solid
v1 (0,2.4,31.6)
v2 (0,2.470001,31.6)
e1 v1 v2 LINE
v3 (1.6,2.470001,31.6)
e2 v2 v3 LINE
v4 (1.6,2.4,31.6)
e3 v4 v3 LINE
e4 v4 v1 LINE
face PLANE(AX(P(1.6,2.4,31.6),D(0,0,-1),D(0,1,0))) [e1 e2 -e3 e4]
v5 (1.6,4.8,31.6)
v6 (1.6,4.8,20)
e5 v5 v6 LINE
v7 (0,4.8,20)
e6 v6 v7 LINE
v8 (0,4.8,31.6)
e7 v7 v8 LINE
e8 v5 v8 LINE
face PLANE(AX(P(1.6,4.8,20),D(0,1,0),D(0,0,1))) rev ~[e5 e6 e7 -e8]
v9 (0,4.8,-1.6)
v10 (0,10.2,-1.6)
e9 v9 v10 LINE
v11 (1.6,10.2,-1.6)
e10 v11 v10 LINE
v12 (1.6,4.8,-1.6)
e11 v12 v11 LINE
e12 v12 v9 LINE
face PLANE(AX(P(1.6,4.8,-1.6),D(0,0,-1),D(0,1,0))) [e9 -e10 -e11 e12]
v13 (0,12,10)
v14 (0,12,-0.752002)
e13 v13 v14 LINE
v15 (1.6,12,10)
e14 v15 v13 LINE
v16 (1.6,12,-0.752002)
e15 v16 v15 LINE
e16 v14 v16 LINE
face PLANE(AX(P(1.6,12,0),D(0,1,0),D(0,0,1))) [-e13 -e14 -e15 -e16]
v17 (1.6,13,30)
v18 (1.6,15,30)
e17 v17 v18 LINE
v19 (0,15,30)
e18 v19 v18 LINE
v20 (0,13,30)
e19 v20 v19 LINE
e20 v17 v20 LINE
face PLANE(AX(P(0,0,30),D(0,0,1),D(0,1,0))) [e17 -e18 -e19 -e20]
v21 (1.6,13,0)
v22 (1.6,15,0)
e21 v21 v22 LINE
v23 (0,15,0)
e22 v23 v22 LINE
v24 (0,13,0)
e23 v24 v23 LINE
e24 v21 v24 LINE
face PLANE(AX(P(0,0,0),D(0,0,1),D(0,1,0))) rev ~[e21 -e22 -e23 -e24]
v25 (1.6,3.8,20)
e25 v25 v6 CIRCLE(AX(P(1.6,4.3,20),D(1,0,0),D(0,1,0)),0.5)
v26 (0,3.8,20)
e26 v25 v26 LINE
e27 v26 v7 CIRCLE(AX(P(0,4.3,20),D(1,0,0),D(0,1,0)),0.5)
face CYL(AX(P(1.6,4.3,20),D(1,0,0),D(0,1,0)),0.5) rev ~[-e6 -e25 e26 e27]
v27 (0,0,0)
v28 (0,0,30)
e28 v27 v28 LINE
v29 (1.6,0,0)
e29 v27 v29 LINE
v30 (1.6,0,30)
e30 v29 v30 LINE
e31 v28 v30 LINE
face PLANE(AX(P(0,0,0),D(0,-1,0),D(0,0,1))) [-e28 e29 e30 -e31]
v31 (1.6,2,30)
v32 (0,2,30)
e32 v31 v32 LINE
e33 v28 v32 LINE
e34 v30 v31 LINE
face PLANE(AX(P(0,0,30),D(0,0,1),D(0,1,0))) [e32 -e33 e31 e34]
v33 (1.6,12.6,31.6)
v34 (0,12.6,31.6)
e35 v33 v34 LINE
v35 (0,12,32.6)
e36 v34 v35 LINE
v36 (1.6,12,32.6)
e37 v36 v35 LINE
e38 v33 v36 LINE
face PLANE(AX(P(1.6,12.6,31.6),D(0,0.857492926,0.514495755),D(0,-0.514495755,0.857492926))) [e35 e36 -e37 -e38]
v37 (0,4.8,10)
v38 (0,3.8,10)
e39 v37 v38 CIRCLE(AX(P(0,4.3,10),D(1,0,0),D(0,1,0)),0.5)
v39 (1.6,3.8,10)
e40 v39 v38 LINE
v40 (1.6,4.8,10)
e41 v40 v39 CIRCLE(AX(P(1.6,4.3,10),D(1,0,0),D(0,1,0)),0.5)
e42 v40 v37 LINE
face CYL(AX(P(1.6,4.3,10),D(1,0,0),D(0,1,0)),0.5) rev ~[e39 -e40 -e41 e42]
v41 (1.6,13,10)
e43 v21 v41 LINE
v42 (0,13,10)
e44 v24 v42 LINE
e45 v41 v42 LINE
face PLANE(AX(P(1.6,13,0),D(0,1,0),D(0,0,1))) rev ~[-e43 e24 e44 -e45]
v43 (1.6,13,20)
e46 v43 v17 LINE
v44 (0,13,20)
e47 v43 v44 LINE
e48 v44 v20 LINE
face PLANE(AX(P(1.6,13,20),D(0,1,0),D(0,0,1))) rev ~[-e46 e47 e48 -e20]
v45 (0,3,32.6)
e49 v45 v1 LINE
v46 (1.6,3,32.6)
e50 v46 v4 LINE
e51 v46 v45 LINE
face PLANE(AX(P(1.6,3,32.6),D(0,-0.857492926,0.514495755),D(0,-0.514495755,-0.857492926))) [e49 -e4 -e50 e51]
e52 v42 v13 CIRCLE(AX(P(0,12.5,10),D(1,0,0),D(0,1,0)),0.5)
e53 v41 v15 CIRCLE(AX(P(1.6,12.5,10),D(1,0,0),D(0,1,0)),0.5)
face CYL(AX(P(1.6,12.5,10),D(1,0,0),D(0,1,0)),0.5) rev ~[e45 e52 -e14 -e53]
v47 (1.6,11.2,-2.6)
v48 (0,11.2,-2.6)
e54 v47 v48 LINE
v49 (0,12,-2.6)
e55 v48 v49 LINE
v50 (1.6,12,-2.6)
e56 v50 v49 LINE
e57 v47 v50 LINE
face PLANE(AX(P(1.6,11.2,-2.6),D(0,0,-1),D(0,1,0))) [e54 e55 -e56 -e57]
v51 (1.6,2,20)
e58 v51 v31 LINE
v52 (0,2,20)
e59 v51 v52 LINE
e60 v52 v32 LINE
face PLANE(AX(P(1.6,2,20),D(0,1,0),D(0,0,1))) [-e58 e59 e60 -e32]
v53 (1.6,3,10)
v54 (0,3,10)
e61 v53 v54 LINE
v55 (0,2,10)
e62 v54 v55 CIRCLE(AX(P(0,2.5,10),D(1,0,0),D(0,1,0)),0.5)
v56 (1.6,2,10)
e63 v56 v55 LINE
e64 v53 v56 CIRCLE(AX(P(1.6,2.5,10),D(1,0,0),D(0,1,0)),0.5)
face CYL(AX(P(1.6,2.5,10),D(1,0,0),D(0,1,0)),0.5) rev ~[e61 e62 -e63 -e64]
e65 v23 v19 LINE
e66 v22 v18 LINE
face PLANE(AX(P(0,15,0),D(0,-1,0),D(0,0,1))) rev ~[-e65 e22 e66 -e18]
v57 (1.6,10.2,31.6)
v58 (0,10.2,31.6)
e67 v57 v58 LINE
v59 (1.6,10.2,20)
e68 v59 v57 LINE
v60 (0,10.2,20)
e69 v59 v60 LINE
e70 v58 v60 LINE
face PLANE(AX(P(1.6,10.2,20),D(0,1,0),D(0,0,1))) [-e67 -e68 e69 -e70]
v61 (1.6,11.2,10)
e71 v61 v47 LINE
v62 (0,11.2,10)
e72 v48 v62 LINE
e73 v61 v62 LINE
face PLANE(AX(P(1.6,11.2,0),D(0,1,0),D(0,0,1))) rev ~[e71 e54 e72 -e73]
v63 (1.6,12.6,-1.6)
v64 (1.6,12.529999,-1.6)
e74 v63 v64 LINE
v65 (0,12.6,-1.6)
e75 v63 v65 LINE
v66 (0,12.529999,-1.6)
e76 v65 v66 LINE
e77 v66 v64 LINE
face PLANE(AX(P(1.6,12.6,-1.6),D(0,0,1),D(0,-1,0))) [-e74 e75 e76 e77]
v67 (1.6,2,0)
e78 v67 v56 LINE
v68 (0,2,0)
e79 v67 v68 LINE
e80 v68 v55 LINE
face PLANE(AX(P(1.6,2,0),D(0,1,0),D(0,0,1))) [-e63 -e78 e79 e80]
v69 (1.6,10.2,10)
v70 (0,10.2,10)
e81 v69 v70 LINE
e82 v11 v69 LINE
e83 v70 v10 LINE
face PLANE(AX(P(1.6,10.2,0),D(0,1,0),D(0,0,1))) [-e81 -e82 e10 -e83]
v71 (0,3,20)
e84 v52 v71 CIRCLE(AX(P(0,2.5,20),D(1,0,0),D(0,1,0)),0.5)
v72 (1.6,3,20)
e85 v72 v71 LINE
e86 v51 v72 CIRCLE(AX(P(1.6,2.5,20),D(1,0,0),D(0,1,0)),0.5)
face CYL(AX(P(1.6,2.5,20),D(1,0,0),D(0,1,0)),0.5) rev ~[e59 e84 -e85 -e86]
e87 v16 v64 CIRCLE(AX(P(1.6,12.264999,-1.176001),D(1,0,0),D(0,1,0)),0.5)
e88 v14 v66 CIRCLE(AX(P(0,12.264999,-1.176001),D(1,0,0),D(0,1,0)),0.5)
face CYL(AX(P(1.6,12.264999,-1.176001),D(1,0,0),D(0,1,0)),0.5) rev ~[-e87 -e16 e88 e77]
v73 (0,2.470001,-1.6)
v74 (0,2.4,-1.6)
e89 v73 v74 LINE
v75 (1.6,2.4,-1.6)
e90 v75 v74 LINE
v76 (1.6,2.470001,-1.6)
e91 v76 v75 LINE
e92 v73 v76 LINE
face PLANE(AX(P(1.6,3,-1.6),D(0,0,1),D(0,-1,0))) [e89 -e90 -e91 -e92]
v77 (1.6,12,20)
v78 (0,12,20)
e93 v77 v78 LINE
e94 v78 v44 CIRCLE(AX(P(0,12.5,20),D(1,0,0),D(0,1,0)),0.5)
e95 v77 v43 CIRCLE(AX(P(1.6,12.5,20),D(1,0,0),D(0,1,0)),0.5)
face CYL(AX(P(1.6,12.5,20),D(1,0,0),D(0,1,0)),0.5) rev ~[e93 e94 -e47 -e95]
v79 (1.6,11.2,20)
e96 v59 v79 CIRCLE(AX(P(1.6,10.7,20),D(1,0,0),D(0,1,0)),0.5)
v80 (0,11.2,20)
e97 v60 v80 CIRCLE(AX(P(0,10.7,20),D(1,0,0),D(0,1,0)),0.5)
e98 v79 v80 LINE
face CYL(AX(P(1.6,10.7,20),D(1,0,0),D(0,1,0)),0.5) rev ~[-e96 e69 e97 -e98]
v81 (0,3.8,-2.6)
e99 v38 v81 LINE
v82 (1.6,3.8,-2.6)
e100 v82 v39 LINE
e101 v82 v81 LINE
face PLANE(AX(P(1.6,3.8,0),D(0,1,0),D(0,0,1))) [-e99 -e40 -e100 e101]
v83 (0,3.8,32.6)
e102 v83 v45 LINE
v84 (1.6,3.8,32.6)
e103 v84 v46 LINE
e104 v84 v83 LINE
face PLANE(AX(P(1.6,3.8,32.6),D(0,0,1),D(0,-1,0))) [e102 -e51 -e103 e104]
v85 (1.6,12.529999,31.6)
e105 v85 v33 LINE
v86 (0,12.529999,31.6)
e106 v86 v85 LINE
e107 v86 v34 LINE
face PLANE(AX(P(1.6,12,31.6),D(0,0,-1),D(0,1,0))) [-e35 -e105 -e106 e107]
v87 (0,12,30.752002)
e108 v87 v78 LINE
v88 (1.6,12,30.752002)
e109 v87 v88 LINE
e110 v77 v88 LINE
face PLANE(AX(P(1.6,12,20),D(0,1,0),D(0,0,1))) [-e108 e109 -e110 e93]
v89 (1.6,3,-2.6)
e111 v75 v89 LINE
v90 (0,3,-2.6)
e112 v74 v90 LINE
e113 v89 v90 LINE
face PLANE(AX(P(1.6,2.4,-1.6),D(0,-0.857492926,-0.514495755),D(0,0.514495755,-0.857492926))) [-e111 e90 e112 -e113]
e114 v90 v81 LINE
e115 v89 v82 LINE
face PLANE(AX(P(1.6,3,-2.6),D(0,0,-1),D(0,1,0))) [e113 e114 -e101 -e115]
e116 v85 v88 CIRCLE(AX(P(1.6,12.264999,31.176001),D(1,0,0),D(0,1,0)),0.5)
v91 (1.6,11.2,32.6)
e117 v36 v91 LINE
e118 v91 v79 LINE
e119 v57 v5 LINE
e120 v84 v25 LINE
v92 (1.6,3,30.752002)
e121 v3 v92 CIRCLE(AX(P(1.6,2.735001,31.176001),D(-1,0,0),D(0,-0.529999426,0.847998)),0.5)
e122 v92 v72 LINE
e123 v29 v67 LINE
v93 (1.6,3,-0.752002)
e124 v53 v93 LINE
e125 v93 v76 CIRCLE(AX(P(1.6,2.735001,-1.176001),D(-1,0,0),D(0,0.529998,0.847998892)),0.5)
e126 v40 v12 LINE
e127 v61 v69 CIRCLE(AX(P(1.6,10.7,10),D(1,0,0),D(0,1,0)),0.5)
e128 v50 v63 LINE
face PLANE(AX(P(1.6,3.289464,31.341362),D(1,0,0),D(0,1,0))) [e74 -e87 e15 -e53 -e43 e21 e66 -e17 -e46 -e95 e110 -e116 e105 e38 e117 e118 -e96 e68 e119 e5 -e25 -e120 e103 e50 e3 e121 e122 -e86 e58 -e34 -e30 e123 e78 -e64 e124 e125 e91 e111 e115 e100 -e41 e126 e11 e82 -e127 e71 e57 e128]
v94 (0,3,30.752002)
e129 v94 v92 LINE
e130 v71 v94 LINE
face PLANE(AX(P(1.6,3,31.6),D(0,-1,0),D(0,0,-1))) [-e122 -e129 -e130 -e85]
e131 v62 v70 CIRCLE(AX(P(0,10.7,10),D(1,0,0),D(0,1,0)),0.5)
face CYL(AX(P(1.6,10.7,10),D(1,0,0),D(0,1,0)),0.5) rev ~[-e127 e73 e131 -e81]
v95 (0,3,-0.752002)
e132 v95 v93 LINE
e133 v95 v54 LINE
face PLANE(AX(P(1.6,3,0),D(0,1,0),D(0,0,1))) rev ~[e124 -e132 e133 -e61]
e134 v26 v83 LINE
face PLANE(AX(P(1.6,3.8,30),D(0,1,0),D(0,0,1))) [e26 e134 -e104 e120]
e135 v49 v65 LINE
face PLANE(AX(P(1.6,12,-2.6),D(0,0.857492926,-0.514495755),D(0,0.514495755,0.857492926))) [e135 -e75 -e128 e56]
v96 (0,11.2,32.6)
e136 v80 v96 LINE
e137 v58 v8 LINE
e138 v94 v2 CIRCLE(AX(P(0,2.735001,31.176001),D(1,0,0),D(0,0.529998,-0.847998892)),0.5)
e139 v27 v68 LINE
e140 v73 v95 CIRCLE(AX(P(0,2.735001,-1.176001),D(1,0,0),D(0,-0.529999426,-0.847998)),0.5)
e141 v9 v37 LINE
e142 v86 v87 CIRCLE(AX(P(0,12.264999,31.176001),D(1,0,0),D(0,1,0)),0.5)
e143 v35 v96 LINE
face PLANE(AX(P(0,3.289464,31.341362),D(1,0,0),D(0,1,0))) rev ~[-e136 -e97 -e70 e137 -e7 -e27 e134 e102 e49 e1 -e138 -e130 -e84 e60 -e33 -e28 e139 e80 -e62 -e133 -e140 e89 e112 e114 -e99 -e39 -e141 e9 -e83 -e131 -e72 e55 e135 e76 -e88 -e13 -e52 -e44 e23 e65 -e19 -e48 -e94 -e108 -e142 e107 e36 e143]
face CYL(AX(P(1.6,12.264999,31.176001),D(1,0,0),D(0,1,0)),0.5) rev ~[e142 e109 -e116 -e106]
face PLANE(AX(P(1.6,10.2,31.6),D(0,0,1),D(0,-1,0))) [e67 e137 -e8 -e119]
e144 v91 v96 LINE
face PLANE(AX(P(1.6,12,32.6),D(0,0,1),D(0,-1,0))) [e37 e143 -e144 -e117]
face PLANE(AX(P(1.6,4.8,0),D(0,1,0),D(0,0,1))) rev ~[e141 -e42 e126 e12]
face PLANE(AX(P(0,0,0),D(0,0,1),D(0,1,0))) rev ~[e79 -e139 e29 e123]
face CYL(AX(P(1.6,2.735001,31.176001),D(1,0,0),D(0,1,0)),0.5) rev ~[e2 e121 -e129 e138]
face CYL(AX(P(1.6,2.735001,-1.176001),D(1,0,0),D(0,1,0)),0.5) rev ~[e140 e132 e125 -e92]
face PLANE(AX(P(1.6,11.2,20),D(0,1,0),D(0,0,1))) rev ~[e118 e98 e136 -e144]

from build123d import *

# Parameters (mm, degrees)
F3_W     = 15
F3_H     = 30
F4_DEPTH = 1.6
F5_W     = 1
F5_H     = 10
F0_DEPTH = 25
F6_W     = 2.7
F6_H     = 1.6
F1_DEPTH = 1.6
F2_R     = 0.5
F7_DEPTH = 25


with BuildPart() as f4:
    # F3 (on Right) → F4 (new body)
    with BuildSketch(Plane.YZ):
        with Locations((7.5, 15)):
            Rectangle(F3_W, F3_H)
    extrude(amount=F4_DEPTH)

    # F5 (on face) → F0 (cut)
    with BuildSketch(Plane.YZ.offset(1.6)):
        with Locations((2.5, 25)):
            Rectangle(F5_W, F5_H)
        with Locations((4.3, 25)):
            Rectangle(F5_W, F5_H)
        with Locations((10.7, 25)):
            Rectangle(F5_W, F5_H)
        with Locations((12.5, 25)):
            Rectangle(F5_W, F5_H)
        with Locations((12.5, 5)):
            Rectangle(F5_W, F5_H)
        with Locations((10.7, 5)):
            Rectangle(F5_W, F5_H)
        with Locations((4.3, 5)):
            Rectangle(F5_W, F5_H)
        with Locations((2.5, 5)):
            Rectangle(F5_W, F5_H)
    extrude(amount=-F0_DEPTH, mode=Mode.SUBTRACT)

    # F6 (on face) → F1 (join)
    with BuildSketch(Plane.YZ.offset(1.6)):
        Polygon((3, 30), (3.8, 30), (3.8, 32.6), (3, 32.6), (2.4, 31.6), (3, 31.6), align=None)
        with Locations((6.15, 30.8)):
            Rectangle(F6_W, F6_H)
        with Locations((8.85, 30.8)):
            Rectangle(F6_W, F6_H)
        Polygon((12, 32.6), (11.2, 32.6), (11.2, 30), (12, 30), (12, 31.6), (12.6, 31.6), align=None)
        Polygon((2.4, -1.6), (3, -2.6), (3.8, -2.6), (3.8, 0), (3, 0), (3, -1.6), align=None)
        Polygon((4.8, 0), (4.8, -1.6), (7.5, -1.6), (10.2, -1.6), (10.2, 0), (7.5, 0), align=None)
        Polygon((12, 0), (11.2, 0), (11.2, -2.6), (12, -2.6), (12.6, -1.6), (12, -1.6), align=None)
    extrude(amount=-F1_DEPTH)

    # F2 (on face) → F7 (cut)
    with BuildSketch(Plane.YZ.offset(1.6)):
        with Locations((4.3, 20)):
            Circle(F2_R)
        with Locations((2.735001, 31.176001)):
            Circle(F2_R)
        with Locations((2.5, 20)):
            Circle(F2_R)
        with Locations((10.7, 20)):
            Circle(F2_R)
        with Locations((12.5, 20)):
            Circle(F2_R)
        with Locations((12.264999, 31.176001)):
            Circle(F2_R)
        with Locations((12.264999, -1.176001)):
            Circle(F2_R)
        with Locations((12.5, 10)):
            Circle(F2_R)
        with Locations((10.7, 10)):
            Circle(F2_R)
        with Locations((4.3, 10)):
            Circle(F2_R)
        with Locations((2.5, 10)):
            Circle(F2_R)
        with Locations((2.735001, -1.176001)):
            Circle(F2_R)
    extrude(amount=-F7_DEPTH, mode=Mode.SUBTRACT)


solid = f4.part
